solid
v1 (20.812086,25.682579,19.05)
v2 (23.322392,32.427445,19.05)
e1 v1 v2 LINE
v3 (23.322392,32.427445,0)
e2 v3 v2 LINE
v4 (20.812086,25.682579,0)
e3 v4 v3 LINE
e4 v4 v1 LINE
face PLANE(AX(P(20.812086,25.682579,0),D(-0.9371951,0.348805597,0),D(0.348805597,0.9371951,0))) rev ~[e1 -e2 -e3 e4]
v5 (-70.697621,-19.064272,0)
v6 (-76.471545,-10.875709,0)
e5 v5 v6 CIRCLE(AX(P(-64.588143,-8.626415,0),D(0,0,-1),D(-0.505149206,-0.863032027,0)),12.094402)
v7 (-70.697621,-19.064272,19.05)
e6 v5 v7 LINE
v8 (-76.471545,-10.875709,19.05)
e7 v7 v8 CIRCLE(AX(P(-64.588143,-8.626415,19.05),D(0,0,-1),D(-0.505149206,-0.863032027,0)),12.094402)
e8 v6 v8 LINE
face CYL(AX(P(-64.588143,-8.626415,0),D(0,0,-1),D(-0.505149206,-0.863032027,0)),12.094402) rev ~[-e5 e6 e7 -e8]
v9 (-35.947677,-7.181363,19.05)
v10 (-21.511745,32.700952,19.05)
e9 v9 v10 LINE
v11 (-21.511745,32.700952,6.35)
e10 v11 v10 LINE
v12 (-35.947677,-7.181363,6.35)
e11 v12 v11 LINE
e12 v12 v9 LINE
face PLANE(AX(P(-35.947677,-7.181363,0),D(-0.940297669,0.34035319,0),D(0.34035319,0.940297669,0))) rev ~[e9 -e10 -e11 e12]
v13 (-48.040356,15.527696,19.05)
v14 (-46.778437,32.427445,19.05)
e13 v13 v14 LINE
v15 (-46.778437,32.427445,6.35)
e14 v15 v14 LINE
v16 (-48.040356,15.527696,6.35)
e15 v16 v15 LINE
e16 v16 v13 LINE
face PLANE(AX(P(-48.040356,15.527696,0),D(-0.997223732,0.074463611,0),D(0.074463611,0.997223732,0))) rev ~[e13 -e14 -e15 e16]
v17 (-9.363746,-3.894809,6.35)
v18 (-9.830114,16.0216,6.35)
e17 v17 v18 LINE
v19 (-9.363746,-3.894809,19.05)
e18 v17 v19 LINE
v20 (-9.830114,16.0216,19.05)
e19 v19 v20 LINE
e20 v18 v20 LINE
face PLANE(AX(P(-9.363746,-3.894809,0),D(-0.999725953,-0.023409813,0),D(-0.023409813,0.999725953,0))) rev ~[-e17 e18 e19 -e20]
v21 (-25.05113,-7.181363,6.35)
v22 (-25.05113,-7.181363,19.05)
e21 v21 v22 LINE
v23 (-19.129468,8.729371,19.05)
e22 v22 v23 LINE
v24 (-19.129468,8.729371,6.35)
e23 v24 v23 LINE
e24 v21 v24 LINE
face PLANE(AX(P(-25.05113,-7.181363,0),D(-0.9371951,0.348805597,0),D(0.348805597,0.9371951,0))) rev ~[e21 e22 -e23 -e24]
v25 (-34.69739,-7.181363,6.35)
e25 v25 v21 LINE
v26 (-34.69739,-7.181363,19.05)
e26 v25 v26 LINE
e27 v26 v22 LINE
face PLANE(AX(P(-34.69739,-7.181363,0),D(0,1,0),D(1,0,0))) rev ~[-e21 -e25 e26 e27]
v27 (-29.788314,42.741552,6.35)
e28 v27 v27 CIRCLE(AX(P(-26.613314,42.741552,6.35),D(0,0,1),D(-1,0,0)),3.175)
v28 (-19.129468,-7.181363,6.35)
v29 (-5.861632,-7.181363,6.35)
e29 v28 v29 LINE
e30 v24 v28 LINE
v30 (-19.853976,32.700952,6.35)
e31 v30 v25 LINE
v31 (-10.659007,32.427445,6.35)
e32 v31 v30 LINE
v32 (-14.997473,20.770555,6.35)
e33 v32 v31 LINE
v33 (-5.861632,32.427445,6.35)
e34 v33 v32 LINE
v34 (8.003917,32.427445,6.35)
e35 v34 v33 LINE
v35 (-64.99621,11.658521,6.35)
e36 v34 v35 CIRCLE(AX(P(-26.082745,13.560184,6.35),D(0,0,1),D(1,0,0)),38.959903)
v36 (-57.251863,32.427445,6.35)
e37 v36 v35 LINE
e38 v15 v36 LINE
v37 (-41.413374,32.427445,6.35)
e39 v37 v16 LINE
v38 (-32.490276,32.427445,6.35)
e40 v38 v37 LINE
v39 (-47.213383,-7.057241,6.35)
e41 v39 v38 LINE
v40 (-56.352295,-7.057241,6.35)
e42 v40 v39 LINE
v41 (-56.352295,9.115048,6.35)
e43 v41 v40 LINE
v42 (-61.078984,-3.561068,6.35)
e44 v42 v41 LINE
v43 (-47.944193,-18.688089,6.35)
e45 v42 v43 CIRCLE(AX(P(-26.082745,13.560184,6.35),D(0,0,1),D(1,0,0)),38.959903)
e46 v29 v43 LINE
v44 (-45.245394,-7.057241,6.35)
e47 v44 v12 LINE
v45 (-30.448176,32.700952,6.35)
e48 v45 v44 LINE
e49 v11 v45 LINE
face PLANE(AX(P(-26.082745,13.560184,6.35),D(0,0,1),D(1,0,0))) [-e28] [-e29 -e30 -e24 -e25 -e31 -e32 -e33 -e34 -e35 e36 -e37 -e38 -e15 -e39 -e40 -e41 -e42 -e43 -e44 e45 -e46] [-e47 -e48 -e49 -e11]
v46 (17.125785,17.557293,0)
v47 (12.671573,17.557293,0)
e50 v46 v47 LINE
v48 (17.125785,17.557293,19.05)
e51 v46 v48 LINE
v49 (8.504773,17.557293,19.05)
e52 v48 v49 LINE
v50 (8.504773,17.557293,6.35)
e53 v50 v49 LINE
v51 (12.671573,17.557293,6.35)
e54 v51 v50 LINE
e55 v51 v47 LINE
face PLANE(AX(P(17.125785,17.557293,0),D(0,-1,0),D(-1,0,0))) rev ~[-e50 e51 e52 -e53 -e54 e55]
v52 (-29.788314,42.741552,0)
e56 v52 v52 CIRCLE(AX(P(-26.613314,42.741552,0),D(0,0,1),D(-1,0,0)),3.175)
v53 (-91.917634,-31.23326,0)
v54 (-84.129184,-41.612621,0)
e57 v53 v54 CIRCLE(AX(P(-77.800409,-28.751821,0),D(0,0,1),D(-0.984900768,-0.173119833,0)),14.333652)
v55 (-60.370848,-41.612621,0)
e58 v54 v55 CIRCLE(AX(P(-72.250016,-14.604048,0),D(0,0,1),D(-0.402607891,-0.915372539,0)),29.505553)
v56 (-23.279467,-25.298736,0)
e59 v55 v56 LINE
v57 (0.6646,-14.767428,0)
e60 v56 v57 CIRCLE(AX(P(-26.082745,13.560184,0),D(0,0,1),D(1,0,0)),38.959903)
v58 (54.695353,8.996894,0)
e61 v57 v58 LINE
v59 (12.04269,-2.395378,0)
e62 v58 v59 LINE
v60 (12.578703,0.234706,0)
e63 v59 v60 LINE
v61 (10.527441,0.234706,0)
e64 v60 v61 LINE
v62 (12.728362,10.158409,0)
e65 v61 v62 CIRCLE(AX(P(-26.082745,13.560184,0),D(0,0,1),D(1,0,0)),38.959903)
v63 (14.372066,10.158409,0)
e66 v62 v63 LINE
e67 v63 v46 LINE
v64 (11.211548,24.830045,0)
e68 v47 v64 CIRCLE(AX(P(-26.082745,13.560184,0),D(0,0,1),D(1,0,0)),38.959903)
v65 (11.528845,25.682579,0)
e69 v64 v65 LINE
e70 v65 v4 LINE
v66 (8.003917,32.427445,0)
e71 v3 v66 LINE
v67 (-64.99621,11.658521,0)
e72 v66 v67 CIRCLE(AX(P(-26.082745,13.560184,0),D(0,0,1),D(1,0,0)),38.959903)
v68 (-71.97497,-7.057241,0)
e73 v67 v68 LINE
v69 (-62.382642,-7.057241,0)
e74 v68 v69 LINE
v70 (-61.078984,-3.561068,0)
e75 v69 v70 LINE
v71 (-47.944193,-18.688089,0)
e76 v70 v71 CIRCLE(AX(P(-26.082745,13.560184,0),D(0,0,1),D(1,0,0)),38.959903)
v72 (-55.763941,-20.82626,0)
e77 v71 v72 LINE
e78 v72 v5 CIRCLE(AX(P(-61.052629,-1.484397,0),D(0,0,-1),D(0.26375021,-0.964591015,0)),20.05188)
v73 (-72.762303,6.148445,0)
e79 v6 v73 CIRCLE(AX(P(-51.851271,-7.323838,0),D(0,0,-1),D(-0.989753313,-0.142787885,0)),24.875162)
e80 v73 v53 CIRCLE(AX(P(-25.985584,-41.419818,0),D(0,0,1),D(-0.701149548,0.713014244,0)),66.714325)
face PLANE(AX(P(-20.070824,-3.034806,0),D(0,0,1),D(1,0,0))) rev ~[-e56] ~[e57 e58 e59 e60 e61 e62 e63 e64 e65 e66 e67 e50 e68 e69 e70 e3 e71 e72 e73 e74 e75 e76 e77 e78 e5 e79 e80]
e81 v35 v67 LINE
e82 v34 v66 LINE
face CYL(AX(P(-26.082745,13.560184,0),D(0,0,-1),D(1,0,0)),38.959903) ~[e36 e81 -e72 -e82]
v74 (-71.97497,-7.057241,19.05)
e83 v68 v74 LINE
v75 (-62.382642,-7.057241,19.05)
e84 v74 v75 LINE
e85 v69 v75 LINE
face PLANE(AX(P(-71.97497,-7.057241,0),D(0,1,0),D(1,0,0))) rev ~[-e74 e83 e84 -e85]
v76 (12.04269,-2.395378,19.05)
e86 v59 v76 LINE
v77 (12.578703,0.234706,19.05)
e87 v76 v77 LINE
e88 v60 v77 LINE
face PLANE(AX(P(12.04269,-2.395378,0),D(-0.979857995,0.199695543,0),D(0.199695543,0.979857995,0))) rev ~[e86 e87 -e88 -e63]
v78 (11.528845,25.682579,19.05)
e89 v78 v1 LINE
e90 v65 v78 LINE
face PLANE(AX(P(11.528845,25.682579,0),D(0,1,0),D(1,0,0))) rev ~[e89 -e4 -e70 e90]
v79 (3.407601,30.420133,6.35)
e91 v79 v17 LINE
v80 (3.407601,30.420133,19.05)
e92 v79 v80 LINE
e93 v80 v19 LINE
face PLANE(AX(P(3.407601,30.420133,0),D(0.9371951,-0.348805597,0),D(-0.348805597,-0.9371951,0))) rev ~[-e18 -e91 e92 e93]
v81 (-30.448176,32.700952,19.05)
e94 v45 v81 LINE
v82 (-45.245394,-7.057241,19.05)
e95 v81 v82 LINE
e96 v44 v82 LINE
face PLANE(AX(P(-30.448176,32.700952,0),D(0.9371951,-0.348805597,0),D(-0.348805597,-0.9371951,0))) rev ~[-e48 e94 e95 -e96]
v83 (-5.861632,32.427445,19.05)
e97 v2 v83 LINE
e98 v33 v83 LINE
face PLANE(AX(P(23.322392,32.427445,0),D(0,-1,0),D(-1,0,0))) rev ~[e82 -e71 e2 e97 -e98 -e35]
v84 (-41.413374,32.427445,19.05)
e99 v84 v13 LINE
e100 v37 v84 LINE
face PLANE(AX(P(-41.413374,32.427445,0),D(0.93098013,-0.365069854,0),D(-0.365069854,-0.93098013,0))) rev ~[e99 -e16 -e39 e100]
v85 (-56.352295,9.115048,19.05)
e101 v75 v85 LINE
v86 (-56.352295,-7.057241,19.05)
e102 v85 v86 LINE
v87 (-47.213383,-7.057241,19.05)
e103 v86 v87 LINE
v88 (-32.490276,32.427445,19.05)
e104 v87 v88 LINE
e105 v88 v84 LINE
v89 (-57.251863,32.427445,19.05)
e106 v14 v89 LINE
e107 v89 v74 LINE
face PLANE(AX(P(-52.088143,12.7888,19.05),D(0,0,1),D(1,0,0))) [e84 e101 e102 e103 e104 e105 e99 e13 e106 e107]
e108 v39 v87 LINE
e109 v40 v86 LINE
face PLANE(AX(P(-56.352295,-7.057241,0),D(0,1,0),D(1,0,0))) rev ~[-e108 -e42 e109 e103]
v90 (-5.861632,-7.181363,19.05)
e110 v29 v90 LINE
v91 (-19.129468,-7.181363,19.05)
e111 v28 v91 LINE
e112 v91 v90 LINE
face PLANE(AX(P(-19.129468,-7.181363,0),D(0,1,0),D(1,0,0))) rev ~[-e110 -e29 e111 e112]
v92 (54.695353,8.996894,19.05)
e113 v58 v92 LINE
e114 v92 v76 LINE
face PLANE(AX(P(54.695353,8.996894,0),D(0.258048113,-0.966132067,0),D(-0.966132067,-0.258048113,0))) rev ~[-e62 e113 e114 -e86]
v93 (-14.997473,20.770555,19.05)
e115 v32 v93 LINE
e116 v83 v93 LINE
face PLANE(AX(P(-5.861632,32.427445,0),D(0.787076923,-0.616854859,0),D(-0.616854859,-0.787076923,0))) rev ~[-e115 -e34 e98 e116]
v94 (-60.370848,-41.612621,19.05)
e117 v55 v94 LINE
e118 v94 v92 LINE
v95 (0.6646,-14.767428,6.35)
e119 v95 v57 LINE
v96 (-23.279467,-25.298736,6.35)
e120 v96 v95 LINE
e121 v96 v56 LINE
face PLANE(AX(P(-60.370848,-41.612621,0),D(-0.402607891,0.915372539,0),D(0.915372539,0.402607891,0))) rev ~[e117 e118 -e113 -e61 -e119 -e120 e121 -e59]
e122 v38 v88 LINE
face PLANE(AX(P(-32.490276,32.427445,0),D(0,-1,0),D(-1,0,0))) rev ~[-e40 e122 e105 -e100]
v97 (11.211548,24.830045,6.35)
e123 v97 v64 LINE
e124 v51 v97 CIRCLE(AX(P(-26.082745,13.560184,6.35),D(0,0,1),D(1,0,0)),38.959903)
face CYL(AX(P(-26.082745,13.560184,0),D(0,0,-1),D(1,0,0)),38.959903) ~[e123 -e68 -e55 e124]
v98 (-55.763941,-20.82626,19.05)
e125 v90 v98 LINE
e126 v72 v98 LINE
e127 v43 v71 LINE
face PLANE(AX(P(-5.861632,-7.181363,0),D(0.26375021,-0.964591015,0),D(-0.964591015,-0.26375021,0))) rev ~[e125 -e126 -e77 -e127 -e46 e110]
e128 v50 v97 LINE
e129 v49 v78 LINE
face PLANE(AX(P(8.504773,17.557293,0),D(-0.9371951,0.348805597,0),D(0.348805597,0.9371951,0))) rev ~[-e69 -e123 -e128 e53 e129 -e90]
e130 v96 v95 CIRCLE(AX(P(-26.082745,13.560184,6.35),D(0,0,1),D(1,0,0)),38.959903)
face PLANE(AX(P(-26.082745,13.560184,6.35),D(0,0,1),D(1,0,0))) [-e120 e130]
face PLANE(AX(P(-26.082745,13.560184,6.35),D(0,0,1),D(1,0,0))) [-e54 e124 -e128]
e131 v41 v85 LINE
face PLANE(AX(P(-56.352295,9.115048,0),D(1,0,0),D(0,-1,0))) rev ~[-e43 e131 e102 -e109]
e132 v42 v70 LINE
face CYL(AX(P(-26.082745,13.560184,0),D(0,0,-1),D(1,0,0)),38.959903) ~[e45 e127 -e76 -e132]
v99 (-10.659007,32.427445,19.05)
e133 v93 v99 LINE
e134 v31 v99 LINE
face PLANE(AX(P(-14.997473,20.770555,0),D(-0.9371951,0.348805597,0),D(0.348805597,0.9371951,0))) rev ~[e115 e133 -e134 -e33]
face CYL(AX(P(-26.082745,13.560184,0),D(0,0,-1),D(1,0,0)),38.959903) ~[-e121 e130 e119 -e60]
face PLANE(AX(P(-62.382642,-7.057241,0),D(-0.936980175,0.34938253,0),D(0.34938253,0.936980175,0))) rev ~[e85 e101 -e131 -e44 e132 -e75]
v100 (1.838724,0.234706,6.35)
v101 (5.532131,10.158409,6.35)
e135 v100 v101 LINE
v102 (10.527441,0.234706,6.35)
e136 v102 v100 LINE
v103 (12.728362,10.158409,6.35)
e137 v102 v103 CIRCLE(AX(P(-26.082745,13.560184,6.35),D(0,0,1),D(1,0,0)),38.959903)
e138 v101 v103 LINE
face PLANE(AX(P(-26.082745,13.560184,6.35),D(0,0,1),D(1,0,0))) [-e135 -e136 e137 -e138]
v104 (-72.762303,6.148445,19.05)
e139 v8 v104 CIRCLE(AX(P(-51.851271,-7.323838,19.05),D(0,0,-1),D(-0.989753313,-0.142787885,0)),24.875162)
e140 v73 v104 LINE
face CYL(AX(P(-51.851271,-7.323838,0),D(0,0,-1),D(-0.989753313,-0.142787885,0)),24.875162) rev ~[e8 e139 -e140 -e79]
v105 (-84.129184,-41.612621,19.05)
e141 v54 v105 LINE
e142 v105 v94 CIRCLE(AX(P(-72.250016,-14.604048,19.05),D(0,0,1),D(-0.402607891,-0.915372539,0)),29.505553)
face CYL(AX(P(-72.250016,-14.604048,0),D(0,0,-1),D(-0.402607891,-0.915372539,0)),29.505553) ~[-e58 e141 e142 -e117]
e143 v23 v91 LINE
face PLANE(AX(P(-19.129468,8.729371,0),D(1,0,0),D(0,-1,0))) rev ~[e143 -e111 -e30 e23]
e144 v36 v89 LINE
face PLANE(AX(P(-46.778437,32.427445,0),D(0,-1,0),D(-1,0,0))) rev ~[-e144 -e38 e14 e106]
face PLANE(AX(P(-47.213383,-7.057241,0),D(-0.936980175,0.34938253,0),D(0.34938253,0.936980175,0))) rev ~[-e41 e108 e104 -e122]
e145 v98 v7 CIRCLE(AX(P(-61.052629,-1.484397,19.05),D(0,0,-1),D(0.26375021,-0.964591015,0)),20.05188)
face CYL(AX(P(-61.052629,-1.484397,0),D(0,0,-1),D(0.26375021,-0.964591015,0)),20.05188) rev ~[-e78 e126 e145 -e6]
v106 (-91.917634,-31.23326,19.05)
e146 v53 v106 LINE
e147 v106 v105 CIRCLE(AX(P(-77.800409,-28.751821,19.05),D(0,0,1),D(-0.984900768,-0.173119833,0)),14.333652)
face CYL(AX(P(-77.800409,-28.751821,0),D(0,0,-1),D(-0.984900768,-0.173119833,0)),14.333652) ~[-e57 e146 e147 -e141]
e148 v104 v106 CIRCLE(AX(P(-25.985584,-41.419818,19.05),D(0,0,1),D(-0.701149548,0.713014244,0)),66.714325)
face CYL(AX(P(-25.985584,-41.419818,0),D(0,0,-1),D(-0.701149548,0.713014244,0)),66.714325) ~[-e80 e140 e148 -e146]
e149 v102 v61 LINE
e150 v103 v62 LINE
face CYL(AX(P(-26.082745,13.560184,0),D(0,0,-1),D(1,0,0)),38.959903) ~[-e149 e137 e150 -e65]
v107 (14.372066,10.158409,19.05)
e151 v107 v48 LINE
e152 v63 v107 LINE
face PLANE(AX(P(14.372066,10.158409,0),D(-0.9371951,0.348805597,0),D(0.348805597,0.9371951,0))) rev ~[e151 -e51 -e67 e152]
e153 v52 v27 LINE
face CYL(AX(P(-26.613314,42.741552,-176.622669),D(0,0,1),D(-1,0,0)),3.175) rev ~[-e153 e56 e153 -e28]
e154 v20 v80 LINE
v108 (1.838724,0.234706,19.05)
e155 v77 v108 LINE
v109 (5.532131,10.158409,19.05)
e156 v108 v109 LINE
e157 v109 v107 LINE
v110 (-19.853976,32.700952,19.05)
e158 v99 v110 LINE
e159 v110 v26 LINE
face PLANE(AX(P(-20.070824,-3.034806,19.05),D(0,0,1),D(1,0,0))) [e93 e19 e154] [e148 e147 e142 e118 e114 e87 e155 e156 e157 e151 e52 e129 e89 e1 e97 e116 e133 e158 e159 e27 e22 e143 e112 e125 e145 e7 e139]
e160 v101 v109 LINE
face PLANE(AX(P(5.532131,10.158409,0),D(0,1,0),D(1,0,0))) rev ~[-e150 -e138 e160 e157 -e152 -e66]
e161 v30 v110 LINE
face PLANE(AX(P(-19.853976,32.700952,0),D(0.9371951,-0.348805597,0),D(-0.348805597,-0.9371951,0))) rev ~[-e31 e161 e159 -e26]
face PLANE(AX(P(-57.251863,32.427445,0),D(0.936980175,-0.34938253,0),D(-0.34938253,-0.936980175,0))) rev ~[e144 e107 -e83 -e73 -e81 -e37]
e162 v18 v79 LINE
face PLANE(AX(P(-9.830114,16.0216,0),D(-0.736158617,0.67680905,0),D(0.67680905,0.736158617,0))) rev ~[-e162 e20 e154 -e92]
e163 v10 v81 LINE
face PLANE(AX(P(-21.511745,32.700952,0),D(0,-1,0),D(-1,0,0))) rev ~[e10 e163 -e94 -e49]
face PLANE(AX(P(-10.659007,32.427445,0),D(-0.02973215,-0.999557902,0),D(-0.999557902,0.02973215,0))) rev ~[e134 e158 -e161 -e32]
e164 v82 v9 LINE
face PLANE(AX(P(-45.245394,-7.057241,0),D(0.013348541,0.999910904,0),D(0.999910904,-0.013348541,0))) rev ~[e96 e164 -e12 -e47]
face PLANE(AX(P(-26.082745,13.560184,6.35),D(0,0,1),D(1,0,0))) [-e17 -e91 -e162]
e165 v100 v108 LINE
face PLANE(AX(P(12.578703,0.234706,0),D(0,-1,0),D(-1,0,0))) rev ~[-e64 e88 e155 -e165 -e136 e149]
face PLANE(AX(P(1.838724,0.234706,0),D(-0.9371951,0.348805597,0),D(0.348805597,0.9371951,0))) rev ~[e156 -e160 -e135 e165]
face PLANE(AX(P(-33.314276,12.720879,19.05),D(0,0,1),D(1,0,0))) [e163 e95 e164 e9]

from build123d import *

# Parameters (mm, degrees)
F2_DEPTH = 19.05
F1_R     = 38.9599032657
F3_DEPTH = 6.35
F4_D     = 6.35


with BuildPart() as f2:
    # F0 (on Top) → F2 (new body)
    with BuildSketch(Plane.XY):
        Polygon((-46.7784367502, 32.4274450541), (-57.2518631816, 32.4274450541), (-71.9749704003, -7.0572411641), (-62.3826421797, -7.0572411641), (-56.3522954025, 9.1150482002), (-56.3522954025, -7.0572411641), (-47.213383019, -7.0572411641), (-32.4902758002, 32.4274450541), (-41.4133742452, 32.4274450541), (-48.040356487, 15.5276963487), align=None)
    extrude(amount=F2_DEPTH)



with BuildPart() as f2b:
    # F0 (on Top) → F2, piece 2 (new body)
    with BuildSketch(Plane.XY):
        Polygon((-35.947676748, -7.1813631803), (-21.5117447078, 32.7009521425), (-30.4481759667, 32.7009521425), (-45.2453941107, -7.0572411641), align=None)
    extrude(amount=F2_DEPTH)


with BuildPart() as f2c:
    # F0 (on Top) → F2, piece 3 (new body)
    with BuildSketch(Plane.XY):
        with BuildLine():
            Line((-14.9974728457, 20.7705546892), (-10.6590073556, 32.4274450541))
            Line((-10.6590073556, 32.4274450541), (-19.8539756238, 32.7009521425))
            Line((-19.8539756238, 32.7009521425), (-34.6973895427, -7.1813631803))
            Line((-34.6973895427, -7.1813631803), (-25.0511299819, -7.1813631803))
            Line((-25.0511299819, -7.1813631803), (-19.1294675285, 8.7293707311))
            Line((-19.1294675285, 8.7293707311), (-19.1294675285, -7.1813631803))
            Line((-19.1294675285, -7.1813631803), (-5.8616320603, -7.1813631803))
            Line((-5.8616320603, -7.1813631803), (-55.7639412582, -20.8262596279))
            ThreePointArc((-55.7639412582, -20.8262596279), (-63.4022025331, -21.3981451994), (-70.6976205111, -19.0642718226))
            ThreePointArc((-70.6976205111, -19.0642718226), (-74.472426735, -15.5960277609), (-76.4715448022, -10.8757093549))
            ThreePointArc((-76.4715448022, -10.8757093549), (-76.1562173184, -2.0282490142), (-72.7623030543, 6.14844542))
            ThreePointArc((-72.7623030543, 6.14844542), (-85.358680949, -10.9955429484), (-91.9176340103, -31.233260408))
            ThreePointArc((-91.9176340103, -31.233260408), (-89.2652472877, -37.3547894918), (-84.1291844845, -41.6126213968))
            ThreePointArc((-84.1291844845, -41.6126213968), (-72.2500160336, -44.1096014144), (-60.3708475828, -41.6126213968))
            Line((-60.3708475828, -41.6126213968), (54.6953529119, 8.9968936518))
            Line((54.6953529119, 8.9968936518), (12.0426900685, -2.3953781929))
            Line((12.0426900685, -2.3953781929), (12.5787025318, 0.2347060363))
            Line((12.5787025318, 0.2347060363), (1.8387236853, 0.2347060363))
            Line((1.8387236853, 0.2347060363), (5.5321310647, 10.158409473))
            Line((5.5321310647, 10.158409473), (14.3720662783, 10.158409473))
            Line((14.3720662783, 10.158409473), (17.1257853508, 17.5572931099))
            Line((17.1257853508, 17.5572931099), (8.5047732013, 17.5572931099))
            Line((8.5047732013, 17.5572931099), (11.5288449451, 25.6825790789))
            Line((11.5288449451, 25.6825790789), (20.8120857023, 25.6825790789))
            Line((20.8120857023, 25.6825790789), (23.3223922551, 32.4274450541))
            Line((23.3223922551, 32.4274450541), (-5.8616320603, 32.4274450541))
            Line((-5.8616320603, 32.4274450541), (-14.9974728457, 20.7705546892))
        make_face()
        Polygon((3.4076007732, 30.4201329794), (-9.3637462705, -3.8948091678), (-9.8301135004, 16.0215999931), align=None, mode=Mode.SUBTRACT)
    extrude(amount=F2_DEPTH)


with BuildPart() as f2_1:
    add(f2.part)

    add(f2b.part)  # F3 merges F2b

    add(f2c.part)  # F3 merges F2c
    # F1 (on Top) → F3 (join)
    with BuildSketch(Plane.XY):
        with Locations((-26.0827448219, 13.5601842776)):
            Circle(F1_R)
    extrude(amount=F3_DEPTH)

    # F4 (through all)
    with Locations(Plane(origin=(0, 0, 0), x_dir=(1, 0, 0), z_dir=(0, 0, -1))):
        with Locations((-26.6133137047, -42.7415519953)):
            Hole(F4_D / 2)


solid = f2_1.part
